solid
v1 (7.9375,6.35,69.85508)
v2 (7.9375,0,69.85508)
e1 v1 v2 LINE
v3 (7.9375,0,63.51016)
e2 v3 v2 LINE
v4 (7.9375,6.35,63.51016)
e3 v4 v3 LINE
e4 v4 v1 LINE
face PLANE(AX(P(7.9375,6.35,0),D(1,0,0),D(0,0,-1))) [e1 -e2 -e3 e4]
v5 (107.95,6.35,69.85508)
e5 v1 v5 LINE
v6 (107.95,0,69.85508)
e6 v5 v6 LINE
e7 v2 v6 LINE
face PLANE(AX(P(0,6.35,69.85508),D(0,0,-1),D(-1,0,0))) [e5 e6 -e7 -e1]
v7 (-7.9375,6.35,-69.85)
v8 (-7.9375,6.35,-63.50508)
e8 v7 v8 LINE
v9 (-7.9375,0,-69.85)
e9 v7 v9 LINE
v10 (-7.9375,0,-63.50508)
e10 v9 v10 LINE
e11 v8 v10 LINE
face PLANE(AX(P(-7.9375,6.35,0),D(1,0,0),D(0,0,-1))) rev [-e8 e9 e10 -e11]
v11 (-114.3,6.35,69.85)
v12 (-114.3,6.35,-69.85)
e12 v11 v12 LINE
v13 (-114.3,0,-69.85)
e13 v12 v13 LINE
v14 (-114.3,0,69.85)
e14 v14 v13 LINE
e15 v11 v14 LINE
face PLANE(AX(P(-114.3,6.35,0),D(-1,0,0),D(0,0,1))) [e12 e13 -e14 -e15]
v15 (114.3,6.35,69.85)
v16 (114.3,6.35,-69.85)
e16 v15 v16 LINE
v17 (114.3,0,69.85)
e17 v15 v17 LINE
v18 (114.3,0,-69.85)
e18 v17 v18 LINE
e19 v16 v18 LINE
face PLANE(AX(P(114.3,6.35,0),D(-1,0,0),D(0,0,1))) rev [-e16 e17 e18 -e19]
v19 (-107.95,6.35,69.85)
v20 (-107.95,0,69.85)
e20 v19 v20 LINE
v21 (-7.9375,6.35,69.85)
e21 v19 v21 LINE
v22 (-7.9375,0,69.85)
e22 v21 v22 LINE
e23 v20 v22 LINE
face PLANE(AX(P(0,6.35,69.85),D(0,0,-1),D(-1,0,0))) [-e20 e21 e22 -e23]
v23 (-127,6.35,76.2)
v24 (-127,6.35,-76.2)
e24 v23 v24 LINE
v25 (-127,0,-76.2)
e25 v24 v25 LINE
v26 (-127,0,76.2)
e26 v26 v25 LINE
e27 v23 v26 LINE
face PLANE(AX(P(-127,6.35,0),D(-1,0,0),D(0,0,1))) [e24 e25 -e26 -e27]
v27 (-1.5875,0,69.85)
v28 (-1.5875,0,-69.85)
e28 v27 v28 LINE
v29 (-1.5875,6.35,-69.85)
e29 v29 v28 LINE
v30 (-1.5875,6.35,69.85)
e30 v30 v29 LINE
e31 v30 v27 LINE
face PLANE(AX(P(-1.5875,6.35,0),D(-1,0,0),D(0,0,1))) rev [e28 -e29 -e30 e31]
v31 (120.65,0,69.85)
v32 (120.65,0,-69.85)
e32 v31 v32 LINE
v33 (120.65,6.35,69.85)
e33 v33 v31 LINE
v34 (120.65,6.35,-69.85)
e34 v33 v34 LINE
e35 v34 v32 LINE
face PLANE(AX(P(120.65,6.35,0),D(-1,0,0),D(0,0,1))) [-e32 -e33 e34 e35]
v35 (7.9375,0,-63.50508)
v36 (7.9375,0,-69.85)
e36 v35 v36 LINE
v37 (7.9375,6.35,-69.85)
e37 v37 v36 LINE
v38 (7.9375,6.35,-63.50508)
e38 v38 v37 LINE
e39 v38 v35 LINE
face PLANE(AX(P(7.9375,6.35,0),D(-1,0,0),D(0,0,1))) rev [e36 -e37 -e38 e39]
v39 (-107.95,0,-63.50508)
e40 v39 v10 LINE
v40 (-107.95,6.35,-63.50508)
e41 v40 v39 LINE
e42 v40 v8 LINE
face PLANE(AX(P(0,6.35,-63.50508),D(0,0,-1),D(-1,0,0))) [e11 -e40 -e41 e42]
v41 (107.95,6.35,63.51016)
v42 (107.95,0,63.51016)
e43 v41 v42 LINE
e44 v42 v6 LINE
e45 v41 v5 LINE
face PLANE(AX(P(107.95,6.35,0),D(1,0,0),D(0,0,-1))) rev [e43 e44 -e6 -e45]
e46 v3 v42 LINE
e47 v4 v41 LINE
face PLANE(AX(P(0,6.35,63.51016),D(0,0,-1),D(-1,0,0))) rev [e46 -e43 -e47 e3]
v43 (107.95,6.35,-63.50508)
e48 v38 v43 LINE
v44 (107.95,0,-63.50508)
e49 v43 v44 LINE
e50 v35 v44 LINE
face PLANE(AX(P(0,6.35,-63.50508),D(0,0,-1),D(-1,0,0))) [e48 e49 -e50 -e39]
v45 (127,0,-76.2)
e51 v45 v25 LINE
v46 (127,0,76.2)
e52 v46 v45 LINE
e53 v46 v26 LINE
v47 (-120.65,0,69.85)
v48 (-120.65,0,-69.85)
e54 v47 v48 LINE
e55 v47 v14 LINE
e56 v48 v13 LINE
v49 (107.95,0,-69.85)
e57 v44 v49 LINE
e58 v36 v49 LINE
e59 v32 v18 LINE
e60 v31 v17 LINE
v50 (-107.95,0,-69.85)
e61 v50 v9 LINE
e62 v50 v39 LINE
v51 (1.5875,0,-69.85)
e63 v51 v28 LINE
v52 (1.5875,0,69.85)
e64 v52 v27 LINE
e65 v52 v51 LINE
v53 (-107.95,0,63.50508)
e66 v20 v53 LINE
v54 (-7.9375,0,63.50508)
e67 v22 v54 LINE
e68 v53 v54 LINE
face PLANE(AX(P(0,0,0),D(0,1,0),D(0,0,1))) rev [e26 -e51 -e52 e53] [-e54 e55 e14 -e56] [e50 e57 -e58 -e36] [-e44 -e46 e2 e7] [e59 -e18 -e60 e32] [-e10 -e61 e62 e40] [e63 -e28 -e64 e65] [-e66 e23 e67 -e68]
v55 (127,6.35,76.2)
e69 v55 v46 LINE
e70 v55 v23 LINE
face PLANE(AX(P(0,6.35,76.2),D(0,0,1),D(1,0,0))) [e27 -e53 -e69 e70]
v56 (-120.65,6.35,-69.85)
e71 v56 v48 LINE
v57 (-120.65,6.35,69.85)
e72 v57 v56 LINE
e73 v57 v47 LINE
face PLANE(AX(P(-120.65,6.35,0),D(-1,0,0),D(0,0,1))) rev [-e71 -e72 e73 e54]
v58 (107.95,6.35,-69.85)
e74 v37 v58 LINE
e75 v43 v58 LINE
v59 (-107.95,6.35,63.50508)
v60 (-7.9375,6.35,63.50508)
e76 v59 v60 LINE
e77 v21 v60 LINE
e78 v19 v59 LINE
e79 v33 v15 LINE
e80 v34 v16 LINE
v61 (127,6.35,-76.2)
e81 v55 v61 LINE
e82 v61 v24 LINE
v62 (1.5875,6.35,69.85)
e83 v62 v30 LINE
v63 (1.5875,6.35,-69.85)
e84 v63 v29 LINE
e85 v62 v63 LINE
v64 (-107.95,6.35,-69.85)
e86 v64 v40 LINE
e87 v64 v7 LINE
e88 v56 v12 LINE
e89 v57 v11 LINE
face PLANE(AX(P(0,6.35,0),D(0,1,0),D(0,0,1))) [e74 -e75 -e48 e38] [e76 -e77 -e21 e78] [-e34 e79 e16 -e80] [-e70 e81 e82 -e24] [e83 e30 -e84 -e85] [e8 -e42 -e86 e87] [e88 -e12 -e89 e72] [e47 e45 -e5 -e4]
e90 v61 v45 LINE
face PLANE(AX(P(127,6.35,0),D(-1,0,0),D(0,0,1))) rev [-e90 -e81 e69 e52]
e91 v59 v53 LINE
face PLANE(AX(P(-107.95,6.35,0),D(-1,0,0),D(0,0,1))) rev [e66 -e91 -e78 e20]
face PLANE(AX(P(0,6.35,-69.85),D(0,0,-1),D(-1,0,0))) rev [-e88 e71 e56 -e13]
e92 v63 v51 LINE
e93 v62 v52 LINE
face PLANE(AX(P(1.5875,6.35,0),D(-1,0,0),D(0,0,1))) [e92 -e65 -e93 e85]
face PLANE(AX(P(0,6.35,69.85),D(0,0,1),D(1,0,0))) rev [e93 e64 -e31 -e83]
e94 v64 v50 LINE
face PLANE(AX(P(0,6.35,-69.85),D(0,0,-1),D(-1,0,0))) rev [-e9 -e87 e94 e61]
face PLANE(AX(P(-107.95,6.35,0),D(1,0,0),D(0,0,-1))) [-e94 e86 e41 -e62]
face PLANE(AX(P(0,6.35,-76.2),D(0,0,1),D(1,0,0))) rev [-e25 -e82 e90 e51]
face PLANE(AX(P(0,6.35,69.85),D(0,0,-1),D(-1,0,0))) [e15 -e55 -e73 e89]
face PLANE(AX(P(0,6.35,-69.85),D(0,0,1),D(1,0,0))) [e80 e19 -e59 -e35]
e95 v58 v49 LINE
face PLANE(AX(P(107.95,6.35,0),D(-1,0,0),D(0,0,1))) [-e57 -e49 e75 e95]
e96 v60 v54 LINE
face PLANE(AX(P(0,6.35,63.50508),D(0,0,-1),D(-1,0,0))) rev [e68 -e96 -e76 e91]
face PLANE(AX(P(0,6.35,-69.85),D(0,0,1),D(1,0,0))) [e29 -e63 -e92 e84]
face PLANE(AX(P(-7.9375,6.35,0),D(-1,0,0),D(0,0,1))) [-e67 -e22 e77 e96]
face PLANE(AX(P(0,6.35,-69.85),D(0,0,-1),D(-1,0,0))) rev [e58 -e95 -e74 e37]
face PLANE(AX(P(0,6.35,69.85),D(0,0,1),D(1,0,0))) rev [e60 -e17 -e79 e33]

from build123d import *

# Parameters (mm, degrees)
SKETCH1_W           = 254
SKETCH1_H           = 152.4
SKETCH1_W_2         = 6.35
SKETCH1_H_2         = 139.7
SKETCH1_W_3         = 3.175
SKETCH1_W_4         = 100.0125
SKETCH1_H_3         = 6.34492
BOSS_EXTRUDE1_DEPTH = 6.35


with BuildPart() as part:
    # Sketch1 → Boss-Extrude1 (new body)
    with BuildSketch(Plane(origin=(0, 0, 0), x_dir=(1, 0, 0), z_dir=(0, 1, 0))):
        Rectangle(SKETCH1_W, SKETCH1_H)
        with Locations((117.475, 0)):
            Rectangle(SKETCH1_W_2, SKETCH1_H_2, mode=Mode.SUBTRACT)
        Rectangle(SKETCH1_W_3, SKETCH1_H_2, mode=Mode.SUBTRACT)
        with Locations((-117.475, 0)):
            Rectangle(SKETCH1_W_2, SKETCH1_H_2, mode=Mode.SUBTRACT)
        with Locations((-57.94375, 66.67754)):
            Rectangle(SKETCH1_W_4, SKETCH1_H_3, mode=Mode.SUBTRACT)
        with Locations((57.94375, -66.68262)):
            Rectangle(SKETCH1_W_4, SKETCH1_H_3, mode=Mode.SUBTRACT)
        with Locations((57.94375, 66.67754)):
            Rectangle(SKETCH1_W_4, SKETCH1_H_3, mode=Mode.SUBTRACT)
        with Locations((-57.94375, -66.67754)):
            Rectangle(SKETCH1_W_4, SKETCH1_H_3, mode=Mode.SUBTRACT)
    extrude(amount=BOSS_EXTRUDE1_DEPTH)


solid = part.part
